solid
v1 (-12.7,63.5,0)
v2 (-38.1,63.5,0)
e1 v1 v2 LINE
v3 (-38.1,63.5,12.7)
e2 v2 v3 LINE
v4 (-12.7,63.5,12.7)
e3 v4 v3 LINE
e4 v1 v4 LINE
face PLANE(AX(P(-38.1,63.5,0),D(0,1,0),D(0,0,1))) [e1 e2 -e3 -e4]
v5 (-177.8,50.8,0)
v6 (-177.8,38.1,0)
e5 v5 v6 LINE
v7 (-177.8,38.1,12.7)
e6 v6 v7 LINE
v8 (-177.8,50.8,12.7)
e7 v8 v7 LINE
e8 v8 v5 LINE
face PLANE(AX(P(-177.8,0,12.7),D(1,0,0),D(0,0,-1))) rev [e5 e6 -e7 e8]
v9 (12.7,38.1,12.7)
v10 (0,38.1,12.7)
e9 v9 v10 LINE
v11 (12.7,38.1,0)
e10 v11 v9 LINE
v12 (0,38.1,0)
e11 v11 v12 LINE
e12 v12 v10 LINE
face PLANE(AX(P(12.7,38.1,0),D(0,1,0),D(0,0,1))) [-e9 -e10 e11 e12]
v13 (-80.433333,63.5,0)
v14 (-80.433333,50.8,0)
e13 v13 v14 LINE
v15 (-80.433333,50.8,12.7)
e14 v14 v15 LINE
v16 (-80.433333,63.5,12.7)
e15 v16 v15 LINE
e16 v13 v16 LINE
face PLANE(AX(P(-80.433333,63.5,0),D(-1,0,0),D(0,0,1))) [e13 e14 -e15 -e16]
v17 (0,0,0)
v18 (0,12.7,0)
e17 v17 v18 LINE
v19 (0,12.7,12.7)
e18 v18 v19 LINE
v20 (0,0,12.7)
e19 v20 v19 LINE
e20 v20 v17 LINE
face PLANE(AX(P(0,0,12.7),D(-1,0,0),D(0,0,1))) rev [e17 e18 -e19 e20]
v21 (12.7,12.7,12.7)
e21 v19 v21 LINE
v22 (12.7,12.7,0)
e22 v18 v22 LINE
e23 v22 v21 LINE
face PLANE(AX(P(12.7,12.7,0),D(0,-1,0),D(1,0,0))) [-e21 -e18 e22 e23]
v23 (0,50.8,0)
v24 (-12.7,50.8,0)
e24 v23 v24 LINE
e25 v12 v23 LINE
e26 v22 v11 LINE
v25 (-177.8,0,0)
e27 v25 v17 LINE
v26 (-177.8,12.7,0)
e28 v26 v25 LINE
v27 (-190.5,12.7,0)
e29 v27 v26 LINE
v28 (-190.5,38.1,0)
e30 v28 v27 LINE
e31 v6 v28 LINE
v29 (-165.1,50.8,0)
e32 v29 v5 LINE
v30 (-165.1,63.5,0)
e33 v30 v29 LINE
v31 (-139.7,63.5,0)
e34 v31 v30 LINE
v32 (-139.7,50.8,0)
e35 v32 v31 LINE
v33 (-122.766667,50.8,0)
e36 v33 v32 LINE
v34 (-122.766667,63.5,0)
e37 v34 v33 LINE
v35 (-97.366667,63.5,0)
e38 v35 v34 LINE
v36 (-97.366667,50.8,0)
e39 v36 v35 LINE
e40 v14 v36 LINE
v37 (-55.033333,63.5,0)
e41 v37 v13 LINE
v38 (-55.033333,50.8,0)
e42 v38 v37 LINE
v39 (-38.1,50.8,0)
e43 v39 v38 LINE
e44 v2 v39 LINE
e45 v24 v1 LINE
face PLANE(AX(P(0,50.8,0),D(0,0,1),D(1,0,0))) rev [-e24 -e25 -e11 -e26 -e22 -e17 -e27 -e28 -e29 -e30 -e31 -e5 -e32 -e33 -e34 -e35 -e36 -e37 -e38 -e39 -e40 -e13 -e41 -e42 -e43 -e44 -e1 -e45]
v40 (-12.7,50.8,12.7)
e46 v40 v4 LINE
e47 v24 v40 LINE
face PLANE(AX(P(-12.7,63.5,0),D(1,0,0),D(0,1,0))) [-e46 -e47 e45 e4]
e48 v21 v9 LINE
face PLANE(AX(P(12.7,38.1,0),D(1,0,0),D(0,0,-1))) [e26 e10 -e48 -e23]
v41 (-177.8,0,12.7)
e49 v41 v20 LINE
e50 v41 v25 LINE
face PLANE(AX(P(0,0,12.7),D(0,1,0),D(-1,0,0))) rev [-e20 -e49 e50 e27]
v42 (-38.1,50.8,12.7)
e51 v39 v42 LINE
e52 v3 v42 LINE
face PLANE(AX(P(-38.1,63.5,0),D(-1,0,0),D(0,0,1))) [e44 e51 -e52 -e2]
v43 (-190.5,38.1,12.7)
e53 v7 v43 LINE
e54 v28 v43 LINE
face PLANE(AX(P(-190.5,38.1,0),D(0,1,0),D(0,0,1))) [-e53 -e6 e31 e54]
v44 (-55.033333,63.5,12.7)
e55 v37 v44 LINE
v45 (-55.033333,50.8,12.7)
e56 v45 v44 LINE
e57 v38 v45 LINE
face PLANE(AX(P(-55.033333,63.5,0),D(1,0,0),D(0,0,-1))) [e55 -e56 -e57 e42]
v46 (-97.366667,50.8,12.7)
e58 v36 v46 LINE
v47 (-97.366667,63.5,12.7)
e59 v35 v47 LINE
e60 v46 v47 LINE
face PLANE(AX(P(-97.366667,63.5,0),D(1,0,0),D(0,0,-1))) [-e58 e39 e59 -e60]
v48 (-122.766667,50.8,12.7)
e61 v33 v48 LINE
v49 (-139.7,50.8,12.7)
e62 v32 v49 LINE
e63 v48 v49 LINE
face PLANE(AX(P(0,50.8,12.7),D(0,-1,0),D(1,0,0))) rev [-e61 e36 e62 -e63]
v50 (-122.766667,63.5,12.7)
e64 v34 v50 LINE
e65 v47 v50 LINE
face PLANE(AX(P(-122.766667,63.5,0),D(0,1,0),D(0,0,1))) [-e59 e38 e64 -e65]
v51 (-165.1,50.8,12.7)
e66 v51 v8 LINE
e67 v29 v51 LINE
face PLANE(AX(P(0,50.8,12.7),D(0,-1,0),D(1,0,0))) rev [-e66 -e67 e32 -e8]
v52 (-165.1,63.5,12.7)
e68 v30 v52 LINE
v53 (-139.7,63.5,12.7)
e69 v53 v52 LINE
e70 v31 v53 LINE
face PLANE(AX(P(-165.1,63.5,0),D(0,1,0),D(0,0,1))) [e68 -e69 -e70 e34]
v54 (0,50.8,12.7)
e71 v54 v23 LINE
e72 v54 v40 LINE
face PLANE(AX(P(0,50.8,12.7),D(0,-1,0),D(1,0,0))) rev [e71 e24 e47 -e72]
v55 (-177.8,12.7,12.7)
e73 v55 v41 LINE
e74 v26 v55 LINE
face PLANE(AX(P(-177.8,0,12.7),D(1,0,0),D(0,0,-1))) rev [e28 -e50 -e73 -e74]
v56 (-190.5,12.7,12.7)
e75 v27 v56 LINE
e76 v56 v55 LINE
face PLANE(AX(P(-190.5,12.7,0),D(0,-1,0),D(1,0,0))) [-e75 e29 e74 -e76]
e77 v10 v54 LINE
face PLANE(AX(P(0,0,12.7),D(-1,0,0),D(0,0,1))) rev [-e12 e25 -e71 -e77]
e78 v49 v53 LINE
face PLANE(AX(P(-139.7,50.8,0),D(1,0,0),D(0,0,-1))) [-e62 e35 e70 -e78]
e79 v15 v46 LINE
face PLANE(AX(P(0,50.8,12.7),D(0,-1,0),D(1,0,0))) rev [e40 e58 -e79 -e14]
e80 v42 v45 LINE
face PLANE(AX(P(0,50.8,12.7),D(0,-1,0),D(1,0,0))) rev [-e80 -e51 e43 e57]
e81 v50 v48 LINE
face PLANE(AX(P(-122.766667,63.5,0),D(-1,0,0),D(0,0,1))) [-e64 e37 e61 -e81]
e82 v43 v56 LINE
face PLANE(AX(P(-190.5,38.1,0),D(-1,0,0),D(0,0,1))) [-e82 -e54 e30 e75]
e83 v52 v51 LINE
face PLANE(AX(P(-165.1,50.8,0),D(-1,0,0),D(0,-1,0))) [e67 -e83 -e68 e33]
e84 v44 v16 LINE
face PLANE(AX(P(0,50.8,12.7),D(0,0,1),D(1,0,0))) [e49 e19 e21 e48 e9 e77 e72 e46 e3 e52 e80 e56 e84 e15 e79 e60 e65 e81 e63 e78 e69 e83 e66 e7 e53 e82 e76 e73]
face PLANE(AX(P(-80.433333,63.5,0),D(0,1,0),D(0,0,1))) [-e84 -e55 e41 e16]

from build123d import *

# Parameters (mm, degrees)
SKETCH1_W           = 177.8
SKETCH1_H           = 50.8
BOSS_EXTRUDE1_DEPTH = 12.7
SKETCH2_W           = 25.4
SKETCH2_H           = 12.7
SKETCH2_W_2         = 12.7
SKETCH2_H_2         = 25.4
BOSS_EXTRUDE2_DEPTH = 12.7


with BuildPart() as part:
    # Sketch1 → Boss-Extrude1 (new body)
    with BuildSketch(Plane.XY):
        with Locations((-88.9, 25.4)):
            Rectangle(SKETCH1_W, SKETCH1_H)
    extrude(amount=BOSS_EXTRUDE1_DEPTH)

    # Sketch2 → Boss-Extrude2 (add, through all)
    with BuildSketch(Plane.XY.offset(12.7)):
        with Locations((-152.4, 57.15)):
            Rectangle(SKETCH2_W, SKETCH2_H)
        with Locations((-110.066666667, 57.15)):
            Rectangle(SKETCH2_W, SKETCH2_H)
        with Locations((-67.733333333, 57.15)):
            Rectangle(SKETCH2_W, SKETCH2_H)
        with Locations((-25.4, 57.15)):
            Rectangle(SKETCH2_W, SKETCH2_H)
        with Locations((6.35, 25.4)):
            Rectangle(SKETCH2_W_2, SKETCH2_H_2)
        with Locations((-184.15, 25.4)):
            Rectangle(SKETCH2_W_2, SKETCH2_H_2)
    extrude(amount=-BOSS_EXTRUDE2_DEPTH)


solid = part.part
